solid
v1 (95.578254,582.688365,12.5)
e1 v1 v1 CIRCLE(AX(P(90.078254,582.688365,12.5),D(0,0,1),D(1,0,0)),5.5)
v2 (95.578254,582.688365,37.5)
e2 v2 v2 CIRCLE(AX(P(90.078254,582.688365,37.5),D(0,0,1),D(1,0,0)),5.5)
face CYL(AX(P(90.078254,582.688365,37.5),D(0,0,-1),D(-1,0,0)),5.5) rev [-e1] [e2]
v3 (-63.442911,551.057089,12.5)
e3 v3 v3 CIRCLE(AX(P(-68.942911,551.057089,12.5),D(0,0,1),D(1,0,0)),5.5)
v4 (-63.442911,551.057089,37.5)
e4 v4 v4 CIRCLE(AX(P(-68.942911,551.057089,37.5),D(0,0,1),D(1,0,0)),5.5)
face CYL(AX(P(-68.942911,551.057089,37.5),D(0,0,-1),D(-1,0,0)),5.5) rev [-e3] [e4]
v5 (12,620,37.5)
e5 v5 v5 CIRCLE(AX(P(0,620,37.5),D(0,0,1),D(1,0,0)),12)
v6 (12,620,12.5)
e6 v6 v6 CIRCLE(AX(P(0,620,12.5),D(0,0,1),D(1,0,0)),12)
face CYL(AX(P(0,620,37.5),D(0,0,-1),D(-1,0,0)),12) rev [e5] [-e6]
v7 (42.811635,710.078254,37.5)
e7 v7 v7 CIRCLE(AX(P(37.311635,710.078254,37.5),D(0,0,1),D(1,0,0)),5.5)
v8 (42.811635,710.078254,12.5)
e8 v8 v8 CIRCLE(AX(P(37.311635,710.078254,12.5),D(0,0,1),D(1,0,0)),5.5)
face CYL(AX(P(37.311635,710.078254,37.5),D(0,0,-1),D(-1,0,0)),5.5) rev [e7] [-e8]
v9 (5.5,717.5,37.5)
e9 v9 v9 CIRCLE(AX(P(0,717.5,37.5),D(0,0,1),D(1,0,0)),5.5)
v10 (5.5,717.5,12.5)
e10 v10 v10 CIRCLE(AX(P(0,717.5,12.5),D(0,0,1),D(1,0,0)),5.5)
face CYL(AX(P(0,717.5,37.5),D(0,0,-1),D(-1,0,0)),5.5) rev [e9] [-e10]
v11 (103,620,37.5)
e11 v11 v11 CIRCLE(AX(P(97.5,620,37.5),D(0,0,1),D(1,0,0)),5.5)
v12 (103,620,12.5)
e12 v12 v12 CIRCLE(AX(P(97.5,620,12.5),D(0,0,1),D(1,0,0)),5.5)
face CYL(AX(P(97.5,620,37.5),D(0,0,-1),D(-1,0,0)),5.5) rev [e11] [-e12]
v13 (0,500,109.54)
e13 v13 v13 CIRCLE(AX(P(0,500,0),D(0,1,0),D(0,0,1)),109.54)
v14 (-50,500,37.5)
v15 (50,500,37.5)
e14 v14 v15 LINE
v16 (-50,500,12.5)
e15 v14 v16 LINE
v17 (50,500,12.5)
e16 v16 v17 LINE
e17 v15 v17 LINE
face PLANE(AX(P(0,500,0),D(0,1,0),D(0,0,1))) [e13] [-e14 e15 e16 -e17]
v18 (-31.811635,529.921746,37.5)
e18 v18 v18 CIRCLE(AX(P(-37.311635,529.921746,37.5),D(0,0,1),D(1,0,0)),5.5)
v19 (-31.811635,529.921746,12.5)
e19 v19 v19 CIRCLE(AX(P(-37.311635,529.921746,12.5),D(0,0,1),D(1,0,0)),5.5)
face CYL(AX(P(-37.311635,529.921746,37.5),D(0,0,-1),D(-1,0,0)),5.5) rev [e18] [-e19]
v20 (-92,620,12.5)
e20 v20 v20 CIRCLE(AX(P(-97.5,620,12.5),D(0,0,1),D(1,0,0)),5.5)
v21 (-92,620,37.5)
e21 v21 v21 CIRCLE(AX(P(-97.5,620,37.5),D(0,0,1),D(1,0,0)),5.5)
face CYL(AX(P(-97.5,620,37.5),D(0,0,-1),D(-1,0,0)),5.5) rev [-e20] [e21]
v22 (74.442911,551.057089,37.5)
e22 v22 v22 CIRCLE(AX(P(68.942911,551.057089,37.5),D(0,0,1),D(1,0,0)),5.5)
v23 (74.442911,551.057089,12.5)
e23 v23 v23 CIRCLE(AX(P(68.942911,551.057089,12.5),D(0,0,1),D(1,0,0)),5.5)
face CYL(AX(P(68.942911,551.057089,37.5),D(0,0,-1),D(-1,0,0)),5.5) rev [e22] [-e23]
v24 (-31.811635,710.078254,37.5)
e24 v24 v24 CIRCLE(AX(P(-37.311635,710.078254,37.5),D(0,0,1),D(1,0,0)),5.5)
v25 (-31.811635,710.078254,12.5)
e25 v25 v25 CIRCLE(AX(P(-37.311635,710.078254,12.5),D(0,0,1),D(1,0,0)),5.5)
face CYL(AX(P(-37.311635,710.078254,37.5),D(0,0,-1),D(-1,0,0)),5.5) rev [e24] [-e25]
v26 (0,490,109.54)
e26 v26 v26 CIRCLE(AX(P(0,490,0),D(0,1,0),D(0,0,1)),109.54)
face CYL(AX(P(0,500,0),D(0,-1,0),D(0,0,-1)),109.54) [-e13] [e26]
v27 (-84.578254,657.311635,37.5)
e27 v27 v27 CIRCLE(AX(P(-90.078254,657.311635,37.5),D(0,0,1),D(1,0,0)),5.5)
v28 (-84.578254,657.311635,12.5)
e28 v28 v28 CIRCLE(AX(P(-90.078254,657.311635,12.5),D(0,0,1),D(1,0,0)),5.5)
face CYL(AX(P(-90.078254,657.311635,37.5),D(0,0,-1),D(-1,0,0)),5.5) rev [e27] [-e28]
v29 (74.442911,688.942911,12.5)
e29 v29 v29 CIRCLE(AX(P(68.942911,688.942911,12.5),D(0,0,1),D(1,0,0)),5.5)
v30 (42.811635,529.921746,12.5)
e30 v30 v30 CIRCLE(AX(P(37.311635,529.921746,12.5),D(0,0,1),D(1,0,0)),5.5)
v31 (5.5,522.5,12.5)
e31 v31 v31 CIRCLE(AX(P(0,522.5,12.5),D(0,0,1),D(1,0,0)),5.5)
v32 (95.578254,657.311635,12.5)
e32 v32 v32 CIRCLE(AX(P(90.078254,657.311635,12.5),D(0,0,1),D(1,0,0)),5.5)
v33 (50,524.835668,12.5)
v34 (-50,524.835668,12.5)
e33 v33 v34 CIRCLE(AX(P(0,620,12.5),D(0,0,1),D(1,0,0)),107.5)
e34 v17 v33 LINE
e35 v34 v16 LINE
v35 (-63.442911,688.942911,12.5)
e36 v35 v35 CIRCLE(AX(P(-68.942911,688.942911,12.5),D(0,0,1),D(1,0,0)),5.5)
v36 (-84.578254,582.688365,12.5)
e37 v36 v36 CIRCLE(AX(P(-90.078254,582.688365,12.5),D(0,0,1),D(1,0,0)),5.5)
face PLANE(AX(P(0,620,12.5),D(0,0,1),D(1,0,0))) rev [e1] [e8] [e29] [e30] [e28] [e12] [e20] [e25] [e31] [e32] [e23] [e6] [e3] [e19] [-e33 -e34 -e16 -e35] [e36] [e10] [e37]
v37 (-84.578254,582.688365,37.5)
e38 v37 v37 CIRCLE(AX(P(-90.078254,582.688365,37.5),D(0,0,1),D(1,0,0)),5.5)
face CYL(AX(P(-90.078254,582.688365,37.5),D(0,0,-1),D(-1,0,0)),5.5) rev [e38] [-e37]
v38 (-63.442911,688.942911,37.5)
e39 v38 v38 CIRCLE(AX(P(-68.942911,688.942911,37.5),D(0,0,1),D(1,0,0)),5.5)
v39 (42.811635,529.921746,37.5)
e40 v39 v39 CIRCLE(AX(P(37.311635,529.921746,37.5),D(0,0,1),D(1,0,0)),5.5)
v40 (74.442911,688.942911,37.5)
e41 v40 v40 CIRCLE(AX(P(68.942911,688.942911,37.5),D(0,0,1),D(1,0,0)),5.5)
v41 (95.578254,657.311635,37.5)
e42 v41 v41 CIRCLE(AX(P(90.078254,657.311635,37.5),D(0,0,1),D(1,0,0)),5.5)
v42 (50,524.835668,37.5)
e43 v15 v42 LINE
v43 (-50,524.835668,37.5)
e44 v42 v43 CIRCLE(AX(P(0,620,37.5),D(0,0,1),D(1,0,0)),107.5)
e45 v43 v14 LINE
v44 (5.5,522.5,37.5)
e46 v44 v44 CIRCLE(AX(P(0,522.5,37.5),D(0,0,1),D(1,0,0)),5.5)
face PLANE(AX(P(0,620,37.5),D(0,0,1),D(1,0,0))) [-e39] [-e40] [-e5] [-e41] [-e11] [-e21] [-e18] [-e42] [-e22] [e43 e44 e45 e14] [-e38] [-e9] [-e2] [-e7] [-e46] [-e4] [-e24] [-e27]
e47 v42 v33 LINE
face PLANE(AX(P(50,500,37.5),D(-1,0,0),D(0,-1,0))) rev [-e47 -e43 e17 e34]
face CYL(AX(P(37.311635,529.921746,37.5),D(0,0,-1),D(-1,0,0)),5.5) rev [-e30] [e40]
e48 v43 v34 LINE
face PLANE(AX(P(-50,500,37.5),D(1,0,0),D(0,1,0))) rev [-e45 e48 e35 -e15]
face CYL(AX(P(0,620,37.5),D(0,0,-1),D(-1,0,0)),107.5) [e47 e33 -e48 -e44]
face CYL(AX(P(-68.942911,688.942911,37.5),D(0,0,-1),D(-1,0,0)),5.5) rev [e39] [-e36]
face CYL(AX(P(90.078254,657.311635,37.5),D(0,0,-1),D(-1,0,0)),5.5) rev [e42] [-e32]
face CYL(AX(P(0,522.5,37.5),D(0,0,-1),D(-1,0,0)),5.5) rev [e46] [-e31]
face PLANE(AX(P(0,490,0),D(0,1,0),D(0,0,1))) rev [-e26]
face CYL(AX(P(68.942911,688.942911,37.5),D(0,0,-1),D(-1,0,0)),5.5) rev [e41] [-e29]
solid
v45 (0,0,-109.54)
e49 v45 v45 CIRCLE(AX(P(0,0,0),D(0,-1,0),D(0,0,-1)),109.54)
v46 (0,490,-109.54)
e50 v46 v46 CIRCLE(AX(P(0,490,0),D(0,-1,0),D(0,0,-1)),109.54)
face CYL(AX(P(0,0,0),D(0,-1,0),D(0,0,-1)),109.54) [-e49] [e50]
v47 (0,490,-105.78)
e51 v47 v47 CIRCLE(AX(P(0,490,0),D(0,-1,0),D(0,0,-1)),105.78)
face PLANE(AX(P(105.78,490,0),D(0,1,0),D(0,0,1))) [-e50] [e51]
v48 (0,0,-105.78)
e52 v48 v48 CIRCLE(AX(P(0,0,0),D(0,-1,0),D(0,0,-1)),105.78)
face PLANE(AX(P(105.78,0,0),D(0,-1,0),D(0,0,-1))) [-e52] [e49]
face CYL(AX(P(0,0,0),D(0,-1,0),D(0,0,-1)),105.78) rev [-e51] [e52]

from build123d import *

# Parameters (mm, degrees)
ESBO_O1_W                = 3.76
ESBO_O1_H                = 490
ESBO_O3_R                = 109.54
RESSALTO_EXTRUS_O1_DEPTH = 10
RESSALTO_EXTRUS_O2_START = 12.5
ESBO_O4_R                = 12
ESBO_O4_R_2              = 5.5
RESSALTO_EXTRUS_O2_DEPTH = 25


with BuildPart() as part:
    # Esboço1 → Revolução1 (revolve)
    with BuildSketch(Plane.XY):
        with Locations((107.66, 245)):
            Rectangle(ESBO_O1_W, ESBO_O1_H)
    revolve(axis=Axis((0, 0, 0), (0, 1, 0)))


with BuildPart() as body_2:
    # Esboço3 → Ressalto-extrusão1 (new body)
    with BuildSketch(Plane(origin=(0, 490, 0), x_dir=(1, 0, 0), z_dir=(0, 1, 0))):
        Circle(ESBO_O3_R)
    extrude(amount=RESSALTO_EXTRUS_O1_DEPTH)

    # Esboço4 → Ressalto-extrusão2 (add)
    with BuildSketch(Plane.XY.offset(RESSALTO_EXTRUS_O2_START)):
        with BuildLine():
            Line((-50, 500), (-50, 524.835668447))
            ThreePointArc((-50, 524.835668447), (0, 727.5), (50, 524.835668447))
            Line((50, 524.835668447), (50, 500))
            Line((50, 500), (-50, 500))
        make_face()
        with Locations((0, 620)):
            Circle(ESBO_O4_R, mode=Mode.SUBTRACT)
        with Locations((0, 717.5)):
            Circle(ESBO_O4_R_2, mode=Mode.SUBTRACT)
        with Locations((37.311634656, 710.07825442)):
            Circle(ESBO_O4_R_2, mode=Mode.SUBTRACT)
        with Locations((68.942911166, 688.942911166)):
            Circle(ESBO_O4_R_2, mode=Mode.SUBTRACT)
        with Locations((90.07825442, 657.311634656)):
            Circle(ESBO_O4_R_2, mode=Mode.SUBTRACT)
        with Locations((97.5, 620)):
            Circle(ESBO_O4_R_2, mode=Mode.SUBTRACT)
        with Locations((90.07825442, 582.688365344)):
            Circle(ESBO_O4_R_2, mode=Mode.SUBTRACT)
        with Locations((68.942911166, 551.057088834)):
            Circle(ESBO_O4_R_2, mode=Mode.SUBTRACT)
        with Locations((37.311634656, 529.92174558)):
            Circle(ESBO_O4_R_2, mode=Mode.SUBTRACT)
        with Locations((0, 522.5)):
            Circle(ESBO_O4_R_2, mode=Mode.SUBTRACT)
        with Locations((-37.311634656, 529.92174558)):
            Circle(ESBO_O4_R_2, mode=Mode.SUBTRACT)
        with Locations((-68.942911166, 551.057088834)):
            Circle(ESBO_O4_R_2, mode=Mode.SUBTRACT)
        with Locations((-90.07825442, 582.688365344)):
            Circle(ESBO_O4_R_2, mode=Mode.SUBTRACT)
        with Locations((-97.5, 620)):
            Circle(ESBO_O4_R_2, mode=Mode.SUBTRACT)
        with Locations((-90.07825442, 657.311634656)):
            Circle(ESBO_O4_R_2, mode=Mode.SUBTRACT)
        with Locations((-68.942911166, 688.942911166)):
            Circle(ESBO_O4_R_2, mode=Mode.SUBTRACT)
        with Locations((-37.311634656, 710.07825442)):
            Circle(ESBO_O4_R_2, mode=Mode.SUBTRACT)
    extrude(amount=RESSALTO_EXTRUS_O2_DEPTH)


solid = Compound([part.part, body_2.part])
